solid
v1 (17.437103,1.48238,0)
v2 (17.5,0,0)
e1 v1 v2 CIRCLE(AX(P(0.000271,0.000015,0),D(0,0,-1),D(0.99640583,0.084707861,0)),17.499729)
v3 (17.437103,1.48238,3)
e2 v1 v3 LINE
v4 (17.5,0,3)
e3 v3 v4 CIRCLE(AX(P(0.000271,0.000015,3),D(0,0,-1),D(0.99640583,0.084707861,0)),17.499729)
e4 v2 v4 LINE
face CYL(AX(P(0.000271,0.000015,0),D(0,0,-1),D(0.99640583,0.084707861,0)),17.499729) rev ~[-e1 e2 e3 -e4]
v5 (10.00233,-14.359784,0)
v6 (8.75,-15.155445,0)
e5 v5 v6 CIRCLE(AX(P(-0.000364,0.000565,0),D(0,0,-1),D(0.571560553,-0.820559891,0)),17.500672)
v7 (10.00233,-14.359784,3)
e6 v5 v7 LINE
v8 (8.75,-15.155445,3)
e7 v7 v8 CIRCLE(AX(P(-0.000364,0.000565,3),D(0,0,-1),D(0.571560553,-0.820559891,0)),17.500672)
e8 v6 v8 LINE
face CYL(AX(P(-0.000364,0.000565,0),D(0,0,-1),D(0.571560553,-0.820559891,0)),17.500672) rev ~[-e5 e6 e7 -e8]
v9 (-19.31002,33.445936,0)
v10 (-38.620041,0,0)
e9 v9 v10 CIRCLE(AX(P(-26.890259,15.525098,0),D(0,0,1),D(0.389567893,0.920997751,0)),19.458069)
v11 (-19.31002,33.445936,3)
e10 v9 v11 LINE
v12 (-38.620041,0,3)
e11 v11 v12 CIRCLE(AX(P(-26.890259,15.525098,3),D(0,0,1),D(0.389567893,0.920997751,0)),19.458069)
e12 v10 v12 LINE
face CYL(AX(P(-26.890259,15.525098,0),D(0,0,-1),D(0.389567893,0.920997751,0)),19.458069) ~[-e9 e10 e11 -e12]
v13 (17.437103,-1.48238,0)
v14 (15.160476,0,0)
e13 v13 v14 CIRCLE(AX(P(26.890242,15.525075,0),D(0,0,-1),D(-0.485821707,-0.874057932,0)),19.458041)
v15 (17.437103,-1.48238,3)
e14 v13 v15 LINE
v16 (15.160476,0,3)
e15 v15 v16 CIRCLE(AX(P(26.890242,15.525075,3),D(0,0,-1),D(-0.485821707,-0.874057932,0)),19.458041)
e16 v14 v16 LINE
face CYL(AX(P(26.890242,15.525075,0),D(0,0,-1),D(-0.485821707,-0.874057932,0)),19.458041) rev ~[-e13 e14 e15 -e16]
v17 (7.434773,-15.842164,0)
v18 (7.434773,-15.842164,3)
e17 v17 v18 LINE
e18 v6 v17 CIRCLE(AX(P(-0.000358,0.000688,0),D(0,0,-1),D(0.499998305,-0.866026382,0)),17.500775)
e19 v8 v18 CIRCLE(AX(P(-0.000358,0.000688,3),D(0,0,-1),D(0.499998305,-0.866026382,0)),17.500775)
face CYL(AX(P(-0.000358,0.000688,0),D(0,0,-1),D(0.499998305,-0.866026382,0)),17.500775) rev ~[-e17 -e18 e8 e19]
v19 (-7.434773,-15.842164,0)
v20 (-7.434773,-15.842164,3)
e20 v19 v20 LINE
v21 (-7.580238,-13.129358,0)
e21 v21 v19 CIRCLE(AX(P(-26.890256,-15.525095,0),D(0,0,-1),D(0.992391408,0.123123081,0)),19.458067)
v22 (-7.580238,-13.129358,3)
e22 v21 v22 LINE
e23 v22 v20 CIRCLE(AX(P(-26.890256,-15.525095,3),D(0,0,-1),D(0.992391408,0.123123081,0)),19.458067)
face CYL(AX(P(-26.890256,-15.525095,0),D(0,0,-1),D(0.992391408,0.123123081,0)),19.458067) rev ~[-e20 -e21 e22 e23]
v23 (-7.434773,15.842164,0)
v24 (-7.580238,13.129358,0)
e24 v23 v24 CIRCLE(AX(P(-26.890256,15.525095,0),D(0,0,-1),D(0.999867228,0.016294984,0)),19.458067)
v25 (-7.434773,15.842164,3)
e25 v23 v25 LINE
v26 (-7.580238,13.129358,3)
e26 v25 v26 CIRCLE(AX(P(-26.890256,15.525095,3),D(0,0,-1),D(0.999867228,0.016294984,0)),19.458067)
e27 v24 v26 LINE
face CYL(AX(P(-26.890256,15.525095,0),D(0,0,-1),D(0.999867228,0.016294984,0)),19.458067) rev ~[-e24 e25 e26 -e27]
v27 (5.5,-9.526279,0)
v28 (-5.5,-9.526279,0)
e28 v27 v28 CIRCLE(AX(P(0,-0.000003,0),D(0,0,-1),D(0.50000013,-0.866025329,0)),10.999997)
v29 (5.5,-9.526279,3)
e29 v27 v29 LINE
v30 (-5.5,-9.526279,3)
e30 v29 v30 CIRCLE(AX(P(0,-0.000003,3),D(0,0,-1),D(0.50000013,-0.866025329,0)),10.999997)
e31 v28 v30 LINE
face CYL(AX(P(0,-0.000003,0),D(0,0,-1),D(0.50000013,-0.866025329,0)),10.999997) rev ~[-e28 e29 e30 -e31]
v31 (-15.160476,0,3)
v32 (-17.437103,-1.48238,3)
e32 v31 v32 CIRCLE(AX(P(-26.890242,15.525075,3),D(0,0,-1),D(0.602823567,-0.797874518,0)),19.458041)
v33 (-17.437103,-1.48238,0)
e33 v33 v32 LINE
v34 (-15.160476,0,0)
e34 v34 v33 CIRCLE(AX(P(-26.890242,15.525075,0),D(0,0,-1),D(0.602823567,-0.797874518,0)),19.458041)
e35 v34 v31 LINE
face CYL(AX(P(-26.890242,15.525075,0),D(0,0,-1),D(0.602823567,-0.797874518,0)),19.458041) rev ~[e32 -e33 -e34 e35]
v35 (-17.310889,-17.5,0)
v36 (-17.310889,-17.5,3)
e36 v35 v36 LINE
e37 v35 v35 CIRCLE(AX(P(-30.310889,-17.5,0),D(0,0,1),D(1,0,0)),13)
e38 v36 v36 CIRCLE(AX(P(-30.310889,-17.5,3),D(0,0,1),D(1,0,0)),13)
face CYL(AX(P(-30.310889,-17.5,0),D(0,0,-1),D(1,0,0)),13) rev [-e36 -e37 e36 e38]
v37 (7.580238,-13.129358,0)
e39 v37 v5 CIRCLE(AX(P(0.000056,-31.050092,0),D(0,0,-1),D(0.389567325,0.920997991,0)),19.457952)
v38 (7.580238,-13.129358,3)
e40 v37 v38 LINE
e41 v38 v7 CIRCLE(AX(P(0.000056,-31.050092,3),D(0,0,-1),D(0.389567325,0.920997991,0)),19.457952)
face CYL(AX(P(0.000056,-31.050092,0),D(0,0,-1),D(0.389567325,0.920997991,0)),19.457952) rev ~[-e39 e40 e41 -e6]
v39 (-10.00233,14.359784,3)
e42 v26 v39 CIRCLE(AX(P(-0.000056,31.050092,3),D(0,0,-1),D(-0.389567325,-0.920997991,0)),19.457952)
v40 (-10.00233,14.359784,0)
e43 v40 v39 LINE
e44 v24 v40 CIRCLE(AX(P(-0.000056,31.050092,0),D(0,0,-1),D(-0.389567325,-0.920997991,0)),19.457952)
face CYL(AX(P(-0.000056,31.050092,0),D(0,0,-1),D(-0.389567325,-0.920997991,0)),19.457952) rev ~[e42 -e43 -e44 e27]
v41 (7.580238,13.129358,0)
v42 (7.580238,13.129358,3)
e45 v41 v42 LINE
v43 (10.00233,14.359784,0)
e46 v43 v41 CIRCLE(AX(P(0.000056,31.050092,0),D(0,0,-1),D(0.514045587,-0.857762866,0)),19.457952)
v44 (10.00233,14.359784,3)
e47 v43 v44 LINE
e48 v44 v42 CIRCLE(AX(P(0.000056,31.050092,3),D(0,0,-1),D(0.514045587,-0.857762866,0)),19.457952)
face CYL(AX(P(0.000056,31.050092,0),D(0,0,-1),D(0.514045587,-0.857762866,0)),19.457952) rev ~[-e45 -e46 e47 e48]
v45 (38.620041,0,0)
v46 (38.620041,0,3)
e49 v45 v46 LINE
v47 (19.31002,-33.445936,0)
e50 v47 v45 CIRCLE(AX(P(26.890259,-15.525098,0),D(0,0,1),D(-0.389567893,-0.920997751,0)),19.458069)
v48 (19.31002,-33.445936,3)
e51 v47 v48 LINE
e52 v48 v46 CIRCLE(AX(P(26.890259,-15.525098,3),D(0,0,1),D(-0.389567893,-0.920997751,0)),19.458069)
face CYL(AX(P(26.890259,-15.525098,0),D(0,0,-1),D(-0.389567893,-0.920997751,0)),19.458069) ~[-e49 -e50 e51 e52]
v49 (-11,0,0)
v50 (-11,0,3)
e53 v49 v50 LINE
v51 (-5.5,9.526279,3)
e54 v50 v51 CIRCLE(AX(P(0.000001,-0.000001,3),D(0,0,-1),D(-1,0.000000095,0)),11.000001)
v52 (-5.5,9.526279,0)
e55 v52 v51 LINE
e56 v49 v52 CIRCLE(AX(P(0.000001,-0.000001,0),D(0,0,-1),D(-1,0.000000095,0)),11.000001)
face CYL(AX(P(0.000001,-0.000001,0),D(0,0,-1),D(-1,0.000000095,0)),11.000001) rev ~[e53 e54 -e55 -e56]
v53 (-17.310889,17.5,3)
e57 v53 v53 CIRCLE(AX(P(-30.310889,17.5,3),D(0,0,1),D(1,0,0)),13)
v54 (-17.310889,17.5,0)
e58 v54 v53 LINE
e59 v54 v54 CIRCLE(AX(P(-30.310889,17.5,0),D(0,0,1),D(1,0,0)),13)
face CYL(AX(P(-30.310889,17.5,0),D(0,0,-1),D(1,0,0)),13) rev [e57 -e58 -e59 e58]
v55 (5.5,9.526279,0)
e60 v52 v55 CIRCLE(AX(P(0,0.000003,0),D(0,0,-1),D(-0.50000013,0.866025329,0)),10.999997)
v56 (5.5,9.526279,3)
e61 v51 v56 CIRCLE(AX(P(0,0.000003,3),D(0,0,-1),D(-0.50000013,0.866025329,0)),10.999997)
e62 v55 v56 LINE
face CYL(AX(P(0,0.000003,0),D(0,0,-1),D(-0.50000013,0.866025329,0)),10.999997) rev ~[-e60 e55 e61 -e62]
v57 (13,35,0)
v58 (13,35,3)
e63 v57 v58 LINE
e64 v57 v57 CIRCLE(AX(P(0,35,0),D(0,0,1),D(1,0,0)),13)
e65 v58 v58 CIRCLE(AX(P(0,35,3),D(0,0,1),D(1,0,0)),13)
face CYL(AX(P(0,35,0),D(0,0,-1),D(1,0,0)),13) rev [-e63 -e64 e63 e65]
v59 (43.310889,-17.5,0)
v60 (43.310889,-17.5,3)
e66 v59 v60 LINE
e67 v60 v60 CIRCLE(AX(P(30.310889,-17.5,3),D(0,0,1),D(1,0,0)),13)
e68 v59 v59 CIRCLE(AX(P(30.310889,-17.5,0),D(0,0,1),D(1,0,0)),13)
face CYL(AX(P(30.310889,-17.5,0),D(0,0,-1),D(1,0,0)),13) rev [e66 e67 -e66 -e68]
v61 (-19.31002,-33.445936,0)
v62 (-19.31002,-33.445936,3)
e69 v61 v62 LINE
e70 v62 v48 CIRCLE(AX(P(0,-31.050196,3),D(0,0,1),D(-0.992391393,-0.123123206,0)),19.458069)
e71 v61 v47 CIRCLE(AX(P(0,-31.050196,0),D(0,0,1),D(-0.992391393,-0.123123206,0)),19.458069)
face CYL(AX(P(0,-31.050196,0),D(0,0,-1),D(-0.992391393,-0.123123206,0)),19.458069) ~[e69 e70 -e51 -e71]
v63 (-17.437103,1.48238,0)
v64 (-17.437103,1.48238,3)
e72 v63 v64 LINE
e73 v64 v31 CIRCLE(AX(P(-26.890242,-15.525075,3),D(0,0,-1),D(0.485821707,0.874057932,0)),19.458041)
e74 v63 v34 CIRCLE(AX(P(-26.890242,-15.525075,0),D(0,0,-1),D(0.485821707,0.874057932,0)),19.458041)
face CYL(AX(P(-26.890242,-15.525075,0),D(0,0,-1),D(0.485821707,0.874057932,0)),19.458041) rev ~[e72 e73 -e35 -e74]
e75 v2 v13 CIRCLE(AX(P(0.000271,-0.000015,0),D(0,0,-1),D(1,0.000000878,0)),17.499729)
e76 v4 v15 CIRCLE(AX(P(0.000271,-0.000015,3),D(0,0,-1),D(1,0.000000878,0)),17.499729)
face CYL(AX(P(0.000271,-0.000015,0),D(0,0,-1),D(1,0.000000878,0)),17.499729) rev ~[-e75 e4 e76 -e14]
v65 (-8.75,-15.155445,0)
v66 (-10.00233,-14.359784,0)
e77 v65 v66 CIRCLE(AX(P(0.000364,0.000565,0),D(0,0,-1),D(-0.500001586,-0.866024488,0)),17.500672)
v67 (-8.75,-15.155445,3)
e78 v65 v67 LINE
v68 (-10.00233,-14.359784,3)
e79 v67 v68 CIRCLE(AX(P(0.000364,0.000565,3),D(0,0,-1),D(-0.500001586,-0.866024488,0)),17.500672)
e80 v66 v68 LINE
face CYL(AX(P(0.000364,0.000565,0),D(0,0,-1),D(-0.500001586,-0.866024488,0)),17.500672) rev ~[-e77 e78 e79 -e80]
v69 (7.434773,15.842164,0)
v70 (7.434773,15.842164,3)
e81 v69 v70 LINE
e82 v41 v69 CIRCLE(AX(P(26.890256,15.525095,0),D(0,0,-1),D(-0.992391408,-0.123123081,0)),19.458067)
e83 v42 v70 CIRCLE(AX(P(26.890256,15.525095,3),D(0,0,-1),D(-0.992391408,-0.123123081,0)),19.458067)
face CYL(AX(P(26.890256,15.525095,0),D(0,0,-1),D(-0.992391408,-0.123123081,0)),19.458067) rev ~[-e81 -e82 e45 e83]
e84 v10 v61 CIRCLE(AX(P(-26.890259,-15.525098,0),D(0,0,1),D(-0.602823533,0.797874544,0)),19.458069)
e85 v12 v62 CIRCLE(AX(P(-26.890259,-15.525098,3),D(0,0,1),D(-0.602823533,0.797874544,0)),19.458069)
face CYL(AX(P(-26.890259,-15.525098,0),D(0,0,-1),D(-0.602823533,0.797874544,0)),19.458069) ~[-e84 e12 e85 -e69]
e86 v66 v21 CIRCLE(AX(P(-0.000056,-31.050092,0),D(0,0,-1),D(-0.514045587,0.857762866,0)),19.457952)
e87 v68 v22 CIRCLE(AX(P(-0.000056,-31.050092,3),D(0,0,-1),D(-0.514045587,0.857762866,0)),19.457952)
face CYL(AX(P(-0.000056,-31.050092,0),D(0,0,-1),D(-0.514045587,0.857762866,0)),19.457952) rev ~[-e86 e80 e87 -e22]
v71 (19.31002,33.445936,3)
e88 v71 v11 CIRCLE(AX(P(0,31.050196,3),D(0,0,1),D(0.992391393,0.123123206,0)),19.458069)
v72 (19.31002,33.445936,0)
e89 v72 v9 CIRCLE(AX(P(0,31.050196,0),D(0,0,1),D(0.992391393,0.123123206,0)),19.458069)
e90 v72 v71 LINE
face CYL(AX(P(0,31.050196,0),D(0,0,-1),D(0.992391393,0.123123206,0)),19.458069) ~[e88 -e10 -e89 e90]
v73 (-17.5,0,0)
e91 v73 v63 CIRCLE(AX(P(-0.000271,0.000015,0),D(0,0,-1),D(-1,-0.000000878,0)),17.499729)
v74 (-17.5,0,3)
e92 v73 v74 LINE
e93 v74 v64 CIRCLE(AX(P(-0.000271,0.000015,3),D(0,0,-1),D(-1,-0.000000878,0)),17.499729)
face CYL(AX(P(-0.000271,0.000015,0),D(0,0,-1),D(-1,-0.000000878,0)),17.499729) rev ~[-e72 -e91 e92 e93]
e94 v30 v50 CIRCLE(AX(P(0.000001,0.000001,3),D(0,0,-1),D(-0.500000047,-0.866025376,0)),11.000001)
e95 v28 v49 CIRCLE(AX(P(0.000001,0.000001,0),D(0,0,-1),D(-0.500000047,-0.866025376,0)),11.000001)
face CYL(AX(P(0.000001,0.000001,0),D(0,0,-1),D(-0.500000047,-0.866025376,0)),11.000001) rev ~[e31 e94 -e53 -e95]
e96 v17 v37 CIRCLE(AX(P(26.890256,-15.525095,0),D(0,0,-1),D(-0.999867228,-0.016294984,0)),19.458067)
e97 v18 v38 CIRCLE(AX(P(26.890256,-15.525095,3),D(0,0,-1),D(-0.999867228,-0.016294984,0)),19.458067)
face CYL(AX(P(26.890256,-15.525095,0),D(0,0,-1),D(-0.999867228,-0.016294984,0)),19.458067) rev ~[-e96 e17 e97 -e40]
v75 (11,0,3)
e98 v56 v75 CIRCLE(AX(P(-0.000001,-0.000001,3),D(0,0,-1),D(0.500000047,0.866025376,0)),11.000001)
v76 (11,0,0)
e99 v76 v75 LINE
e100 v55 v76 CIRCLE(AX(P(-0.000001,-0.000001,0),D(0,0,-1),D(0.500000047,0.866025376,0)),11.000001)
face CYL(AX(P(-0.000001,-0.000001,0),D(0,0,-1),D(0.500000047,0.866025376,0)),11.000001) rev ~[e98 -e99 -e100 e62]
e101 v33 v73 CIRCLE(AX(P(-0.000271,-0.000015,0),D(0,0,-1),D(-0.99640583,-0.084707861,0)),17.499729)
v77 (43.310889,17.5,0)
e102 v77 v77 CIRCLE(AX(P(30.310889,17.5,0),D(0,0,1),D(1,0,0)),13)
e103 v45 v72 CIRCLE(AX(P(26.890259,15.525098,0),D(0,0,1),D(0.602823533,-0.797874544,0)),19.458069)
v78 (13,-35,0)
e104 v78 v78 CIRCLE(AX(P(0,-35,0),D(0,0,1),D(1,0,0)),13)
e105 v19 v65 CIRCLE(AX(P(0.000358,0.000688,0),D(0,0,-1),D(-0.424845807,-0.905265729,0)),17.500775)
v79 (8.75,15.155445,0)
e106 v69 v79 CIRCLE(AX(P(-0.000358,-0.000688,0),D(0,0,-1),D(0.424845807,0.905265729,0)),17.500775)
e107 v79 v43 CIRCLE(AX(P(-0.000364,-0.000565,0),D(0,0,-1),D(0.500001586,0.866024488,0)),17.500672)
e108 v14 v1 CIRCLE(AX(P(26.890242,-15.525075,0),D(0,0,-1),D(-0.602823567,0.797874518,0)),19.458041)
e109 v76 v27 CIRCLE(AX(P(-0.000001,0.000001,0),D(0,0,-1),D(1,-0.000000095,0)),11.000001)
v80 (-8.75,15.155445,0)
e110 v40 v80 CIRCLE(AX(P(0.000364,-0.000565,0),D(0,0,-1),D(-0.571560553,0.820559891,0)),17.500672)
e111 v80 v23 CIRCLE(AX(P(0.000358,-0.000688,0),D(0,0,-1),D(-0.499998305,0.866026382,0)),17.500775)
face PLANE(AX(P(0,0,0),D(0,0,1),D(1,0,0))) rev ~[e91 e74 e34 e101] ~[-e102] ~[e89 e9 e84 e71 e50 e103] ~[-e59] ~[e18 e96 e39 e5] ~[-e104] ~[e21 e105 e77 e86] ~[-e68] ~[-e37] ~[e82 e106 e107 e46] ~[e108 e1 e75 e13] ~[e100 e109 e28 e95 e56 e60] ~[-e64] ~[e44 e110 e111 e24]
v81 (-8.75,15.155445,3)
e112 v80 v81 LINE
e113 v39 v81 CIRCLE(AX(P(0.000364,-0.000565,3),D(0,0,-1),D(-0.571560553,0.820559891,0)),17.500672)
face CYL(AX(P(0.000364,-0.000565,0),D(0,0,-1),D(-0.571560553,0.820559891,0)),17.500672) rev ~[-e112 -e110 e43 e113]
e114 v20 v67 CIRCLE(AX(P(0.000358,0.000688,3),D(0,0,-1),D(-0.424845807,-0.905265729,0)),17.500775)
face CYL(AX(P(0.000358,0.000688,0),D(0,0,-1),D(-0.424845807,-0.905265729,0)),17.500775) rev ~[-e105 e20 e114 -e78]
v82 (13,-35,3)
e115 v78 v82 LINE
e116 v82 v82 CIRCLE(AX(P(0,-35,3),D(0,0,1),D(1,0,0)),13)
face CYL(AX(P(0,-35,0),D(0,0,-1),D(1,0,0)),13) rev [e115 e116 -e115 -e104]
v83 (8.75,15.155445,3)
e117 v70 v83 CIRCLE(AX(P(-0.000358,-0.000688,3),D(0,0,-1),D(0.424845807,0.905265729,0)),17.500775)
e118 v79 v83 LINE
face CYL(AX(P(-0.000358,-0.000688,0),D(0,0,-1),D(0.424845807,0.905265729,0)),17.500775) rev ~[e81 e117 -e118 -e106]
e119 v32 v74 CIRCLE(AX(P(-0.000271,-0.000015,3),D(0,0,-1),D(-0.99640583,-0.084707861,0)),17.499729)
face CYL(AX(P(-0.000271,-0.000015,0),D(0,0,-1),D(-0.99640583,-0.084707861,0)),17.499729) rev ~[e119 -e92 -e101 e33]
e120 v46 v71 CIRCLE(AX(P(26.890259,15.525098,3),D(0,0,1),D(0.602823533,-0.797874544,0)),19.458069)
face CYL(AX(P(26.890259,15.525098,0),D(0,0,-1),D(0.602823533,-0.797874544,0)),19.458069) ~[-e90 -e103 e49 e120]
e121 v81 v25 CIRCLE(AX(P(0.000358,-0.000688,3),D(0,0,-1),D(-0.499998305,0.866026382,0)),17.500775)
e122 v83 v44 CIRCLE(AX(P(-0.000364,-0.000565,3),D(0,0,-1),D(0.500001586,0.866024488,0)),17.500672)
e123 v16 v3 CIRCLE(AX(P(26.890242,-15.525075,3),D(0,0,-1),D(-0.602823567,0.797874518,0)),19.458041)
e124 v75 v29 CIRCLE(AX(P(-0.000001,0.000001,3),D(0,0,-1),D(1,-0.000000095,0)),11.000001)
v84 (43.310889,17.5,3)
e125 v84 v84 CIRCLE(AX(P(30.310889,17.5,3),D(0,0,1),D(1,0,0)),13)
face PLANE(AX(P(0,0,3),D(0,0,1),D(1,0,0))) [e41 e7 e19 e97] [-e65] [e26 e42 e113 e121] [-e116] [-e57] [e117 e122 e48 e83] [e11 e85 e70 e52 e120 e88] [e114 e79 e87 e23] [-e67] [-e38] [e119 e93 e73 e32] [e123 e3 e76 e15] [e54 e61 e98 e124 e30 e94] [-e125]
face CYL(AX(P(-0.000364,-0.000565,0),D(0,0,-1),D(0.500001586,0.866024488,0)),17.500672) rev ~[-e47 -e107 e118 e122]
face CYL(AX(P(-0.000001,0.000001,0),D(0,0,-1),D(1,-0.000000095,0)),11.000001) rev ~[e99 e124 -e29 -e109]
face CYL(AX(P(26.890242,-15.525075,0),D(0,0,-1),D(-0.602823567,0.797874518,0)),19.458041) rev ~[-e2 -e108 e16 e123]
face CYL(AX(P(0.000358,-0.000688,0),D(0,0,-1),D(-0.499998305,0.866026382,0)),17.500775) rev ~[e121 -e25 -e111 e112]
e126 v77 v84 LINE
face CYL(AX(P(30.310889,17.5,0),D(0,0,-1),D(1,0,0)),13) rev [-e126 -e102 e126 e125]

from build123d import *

# Parameters (mm, degrees)
F0_R     = 13
F1_DEPTH = 3


with BuildPart() as f1:
    # F0 (on Top) → F1 (new body)
    with BuildSketch(Plane.XY):
        with BuildLine():
            ThreePointArc((38.620041, 0), (43.741441, 25.254133), (19.31002, 33.445936))
            ThreePointArc((19.31002, 33.445936), (0, 50.508265), (-19.31002, 33.445936))
            ThreePointArc((-19.31002, 33.445936), (-43.741441, 25.254133), (-38.620041, 0))
            ThreePointArc((-38.620041, 0), (-43.741441, -25.254133), (-19.31002, -33.445936))
            ThreePointArc((-19.31002, -33.445936), (0, -50.508265), (19.31002, -33.445936))
            ThreePointArc((19.31002, -33.445936), (43.741441, -25.254133), (38.620041, 0))
        make_face()
        with Locations((-30.310889, -17.5)):
            Circle(F0_R, mode=Mode.SUBTRACT)
        with BuildLine():
            ThreePointArc((-7.580238, -13.129358), (-7.460103, -14.483219), (-7.434773, -15.842164))
            ThreePointArc((-7.434773, -15.842164), (-8.099667, -15.512749), (-8.75, -15.155445))
            ThreePointArc((-8.75, -15.155445), (-9.384601, -14.770892), (-10.00233, -14.359784))
            ThreePointArc((-10.00233, -14.359784), (-8.812784, -13.702248), (-7.580238, -13.129358))
        make_face(mode=Mode.SUBTRACT)
        with Locations((0, -35)):
            Circle(F0_R, mode=Mode.SUBTRACT)
        with BuildLine():
            ThreePointArc((7.580238, -13.129358), (8.812784, -13.702248), (10.00233, -14.359784))
            ThreePointArc((10.00233, -14.359784), (9.384601, -14.770892), (8.75, -15.155445))
            ThreePointArc((8.75, -15.155445), (8.099667, -15.512749), (7.434773, -15.842164))
            ThreePointArc((7.434773, -15.842164), (7.460103, -14.483219), (7.580238, -13.129358))
        make_face(mode=Mode.SUBTRACT)
        with BuildLine():
            ThreePointArc((15.160476, 0), (16.272887, 0.780971), (17.437103, 1.48238))
            ThreePointArc((17.437103, 1.48238), (17.484269, 0.741857), (17.5, 0))
            ThreePointArc((17.5, 0), (17.484269, -0.741857), (17.437103, -1.48238))
            ThreePointArc((17.437103, -1.48238), (16.272887, -0.780971), (15.160476, 0))
        make_face(mode=Mode.SUBTRACT)
        with Locations((30.310889, -17.5)):
            Circle(F0_R, mode=Mode.SUBTRACT)
        with Locations((-30.310889, 17.5)):
            Circle(F0_R, mode=Mode.SUBTRACT)
        with BuildLine():
            ThreePointArc((-15.160476, 0), (-16.272887, -0.780971), (-17.437103, -1.48238))
            ThreePointArc((-17.437103, -1.48238), (-17.484269, -0.741857), (-17.5, 0))
            ThreePointArc((-17.5, 0), (-17.484269, 0.741857), (-17.437103, 1.48238))
            ThreePointArc((-17.437103, 1.48238), (-16.272887, 0.780971), (-15.160476, 0))
        make_face(mode=Mode.SUBTRACT)
        with BuildLine():
            ThreePointArc((-10.00233, 14.359784), (-9.384601, 14.770892), (-8.75, 15.155445))
            ThreePointArc((-8.75, 15.155445), (-8.099667, 15.512749), (-7.434773, 15.842164))
            ThreePointArc((-7.434773, 15.842164), (-7.460103, 14.483219), (-7.580238, 13.129358))
            ThreePointArc((-7.580238, 13.129358), (-8.812784, 13.702248), (-10.00233, 14.359784))
        make_face(mode=Mode.SUBTRACT)
        with BuildLine():
            ThreePointArc((-5.5, 9.526279), (0, 11), (5.5, 9.526279))
            ThreePointArc((5.5, 9.526279), (9.526279, 5.5), (11, 0))
            ThreePointArc((11, 0), (9.526279, -5.5), (5.5, -9.526279))
            ThreePointArc((5.5, -9.526279), (0, -11), (-5.5, -9.526279))
            ThreePointArc((-5.5, -9.526279), (-9.526279, -5.5), (-11, 0))
            ThreePointArc((-11, 0), (-9.526279, 5.5), (-5.5, 9.526279))
        make_face(mode=Mode.SUBTRACT)
        with BuildLine():
            ThreePointArc((8.75, 15.155445), (9.384601, 14.770892), (10.00233, 14.359784))
            ThreePointArc((10.00233, 14.359784), (8.812784, 13.702248), (7.580238, 13.129358))
            ThreePointArc((7.580238, 13.129358), (7.460103, 14.483219), (7.434773, 15.842164))
            ThreePointArc((7.434773, 15.842164), (8.099667, 15.512749), (8.75, 15.155445))
        make_face(mode=Mode.SUBTRACT)
        with Locations((30.310889, 17.5)):
            Circle(F0_R, mode=Mode.SUBTRACT)
        with Locations((0, 35)):
            Circle(F0_R, mode=Mode.SUBTRACT)
    extrude(amount=F1_DEPTH)


solid = f1.part
